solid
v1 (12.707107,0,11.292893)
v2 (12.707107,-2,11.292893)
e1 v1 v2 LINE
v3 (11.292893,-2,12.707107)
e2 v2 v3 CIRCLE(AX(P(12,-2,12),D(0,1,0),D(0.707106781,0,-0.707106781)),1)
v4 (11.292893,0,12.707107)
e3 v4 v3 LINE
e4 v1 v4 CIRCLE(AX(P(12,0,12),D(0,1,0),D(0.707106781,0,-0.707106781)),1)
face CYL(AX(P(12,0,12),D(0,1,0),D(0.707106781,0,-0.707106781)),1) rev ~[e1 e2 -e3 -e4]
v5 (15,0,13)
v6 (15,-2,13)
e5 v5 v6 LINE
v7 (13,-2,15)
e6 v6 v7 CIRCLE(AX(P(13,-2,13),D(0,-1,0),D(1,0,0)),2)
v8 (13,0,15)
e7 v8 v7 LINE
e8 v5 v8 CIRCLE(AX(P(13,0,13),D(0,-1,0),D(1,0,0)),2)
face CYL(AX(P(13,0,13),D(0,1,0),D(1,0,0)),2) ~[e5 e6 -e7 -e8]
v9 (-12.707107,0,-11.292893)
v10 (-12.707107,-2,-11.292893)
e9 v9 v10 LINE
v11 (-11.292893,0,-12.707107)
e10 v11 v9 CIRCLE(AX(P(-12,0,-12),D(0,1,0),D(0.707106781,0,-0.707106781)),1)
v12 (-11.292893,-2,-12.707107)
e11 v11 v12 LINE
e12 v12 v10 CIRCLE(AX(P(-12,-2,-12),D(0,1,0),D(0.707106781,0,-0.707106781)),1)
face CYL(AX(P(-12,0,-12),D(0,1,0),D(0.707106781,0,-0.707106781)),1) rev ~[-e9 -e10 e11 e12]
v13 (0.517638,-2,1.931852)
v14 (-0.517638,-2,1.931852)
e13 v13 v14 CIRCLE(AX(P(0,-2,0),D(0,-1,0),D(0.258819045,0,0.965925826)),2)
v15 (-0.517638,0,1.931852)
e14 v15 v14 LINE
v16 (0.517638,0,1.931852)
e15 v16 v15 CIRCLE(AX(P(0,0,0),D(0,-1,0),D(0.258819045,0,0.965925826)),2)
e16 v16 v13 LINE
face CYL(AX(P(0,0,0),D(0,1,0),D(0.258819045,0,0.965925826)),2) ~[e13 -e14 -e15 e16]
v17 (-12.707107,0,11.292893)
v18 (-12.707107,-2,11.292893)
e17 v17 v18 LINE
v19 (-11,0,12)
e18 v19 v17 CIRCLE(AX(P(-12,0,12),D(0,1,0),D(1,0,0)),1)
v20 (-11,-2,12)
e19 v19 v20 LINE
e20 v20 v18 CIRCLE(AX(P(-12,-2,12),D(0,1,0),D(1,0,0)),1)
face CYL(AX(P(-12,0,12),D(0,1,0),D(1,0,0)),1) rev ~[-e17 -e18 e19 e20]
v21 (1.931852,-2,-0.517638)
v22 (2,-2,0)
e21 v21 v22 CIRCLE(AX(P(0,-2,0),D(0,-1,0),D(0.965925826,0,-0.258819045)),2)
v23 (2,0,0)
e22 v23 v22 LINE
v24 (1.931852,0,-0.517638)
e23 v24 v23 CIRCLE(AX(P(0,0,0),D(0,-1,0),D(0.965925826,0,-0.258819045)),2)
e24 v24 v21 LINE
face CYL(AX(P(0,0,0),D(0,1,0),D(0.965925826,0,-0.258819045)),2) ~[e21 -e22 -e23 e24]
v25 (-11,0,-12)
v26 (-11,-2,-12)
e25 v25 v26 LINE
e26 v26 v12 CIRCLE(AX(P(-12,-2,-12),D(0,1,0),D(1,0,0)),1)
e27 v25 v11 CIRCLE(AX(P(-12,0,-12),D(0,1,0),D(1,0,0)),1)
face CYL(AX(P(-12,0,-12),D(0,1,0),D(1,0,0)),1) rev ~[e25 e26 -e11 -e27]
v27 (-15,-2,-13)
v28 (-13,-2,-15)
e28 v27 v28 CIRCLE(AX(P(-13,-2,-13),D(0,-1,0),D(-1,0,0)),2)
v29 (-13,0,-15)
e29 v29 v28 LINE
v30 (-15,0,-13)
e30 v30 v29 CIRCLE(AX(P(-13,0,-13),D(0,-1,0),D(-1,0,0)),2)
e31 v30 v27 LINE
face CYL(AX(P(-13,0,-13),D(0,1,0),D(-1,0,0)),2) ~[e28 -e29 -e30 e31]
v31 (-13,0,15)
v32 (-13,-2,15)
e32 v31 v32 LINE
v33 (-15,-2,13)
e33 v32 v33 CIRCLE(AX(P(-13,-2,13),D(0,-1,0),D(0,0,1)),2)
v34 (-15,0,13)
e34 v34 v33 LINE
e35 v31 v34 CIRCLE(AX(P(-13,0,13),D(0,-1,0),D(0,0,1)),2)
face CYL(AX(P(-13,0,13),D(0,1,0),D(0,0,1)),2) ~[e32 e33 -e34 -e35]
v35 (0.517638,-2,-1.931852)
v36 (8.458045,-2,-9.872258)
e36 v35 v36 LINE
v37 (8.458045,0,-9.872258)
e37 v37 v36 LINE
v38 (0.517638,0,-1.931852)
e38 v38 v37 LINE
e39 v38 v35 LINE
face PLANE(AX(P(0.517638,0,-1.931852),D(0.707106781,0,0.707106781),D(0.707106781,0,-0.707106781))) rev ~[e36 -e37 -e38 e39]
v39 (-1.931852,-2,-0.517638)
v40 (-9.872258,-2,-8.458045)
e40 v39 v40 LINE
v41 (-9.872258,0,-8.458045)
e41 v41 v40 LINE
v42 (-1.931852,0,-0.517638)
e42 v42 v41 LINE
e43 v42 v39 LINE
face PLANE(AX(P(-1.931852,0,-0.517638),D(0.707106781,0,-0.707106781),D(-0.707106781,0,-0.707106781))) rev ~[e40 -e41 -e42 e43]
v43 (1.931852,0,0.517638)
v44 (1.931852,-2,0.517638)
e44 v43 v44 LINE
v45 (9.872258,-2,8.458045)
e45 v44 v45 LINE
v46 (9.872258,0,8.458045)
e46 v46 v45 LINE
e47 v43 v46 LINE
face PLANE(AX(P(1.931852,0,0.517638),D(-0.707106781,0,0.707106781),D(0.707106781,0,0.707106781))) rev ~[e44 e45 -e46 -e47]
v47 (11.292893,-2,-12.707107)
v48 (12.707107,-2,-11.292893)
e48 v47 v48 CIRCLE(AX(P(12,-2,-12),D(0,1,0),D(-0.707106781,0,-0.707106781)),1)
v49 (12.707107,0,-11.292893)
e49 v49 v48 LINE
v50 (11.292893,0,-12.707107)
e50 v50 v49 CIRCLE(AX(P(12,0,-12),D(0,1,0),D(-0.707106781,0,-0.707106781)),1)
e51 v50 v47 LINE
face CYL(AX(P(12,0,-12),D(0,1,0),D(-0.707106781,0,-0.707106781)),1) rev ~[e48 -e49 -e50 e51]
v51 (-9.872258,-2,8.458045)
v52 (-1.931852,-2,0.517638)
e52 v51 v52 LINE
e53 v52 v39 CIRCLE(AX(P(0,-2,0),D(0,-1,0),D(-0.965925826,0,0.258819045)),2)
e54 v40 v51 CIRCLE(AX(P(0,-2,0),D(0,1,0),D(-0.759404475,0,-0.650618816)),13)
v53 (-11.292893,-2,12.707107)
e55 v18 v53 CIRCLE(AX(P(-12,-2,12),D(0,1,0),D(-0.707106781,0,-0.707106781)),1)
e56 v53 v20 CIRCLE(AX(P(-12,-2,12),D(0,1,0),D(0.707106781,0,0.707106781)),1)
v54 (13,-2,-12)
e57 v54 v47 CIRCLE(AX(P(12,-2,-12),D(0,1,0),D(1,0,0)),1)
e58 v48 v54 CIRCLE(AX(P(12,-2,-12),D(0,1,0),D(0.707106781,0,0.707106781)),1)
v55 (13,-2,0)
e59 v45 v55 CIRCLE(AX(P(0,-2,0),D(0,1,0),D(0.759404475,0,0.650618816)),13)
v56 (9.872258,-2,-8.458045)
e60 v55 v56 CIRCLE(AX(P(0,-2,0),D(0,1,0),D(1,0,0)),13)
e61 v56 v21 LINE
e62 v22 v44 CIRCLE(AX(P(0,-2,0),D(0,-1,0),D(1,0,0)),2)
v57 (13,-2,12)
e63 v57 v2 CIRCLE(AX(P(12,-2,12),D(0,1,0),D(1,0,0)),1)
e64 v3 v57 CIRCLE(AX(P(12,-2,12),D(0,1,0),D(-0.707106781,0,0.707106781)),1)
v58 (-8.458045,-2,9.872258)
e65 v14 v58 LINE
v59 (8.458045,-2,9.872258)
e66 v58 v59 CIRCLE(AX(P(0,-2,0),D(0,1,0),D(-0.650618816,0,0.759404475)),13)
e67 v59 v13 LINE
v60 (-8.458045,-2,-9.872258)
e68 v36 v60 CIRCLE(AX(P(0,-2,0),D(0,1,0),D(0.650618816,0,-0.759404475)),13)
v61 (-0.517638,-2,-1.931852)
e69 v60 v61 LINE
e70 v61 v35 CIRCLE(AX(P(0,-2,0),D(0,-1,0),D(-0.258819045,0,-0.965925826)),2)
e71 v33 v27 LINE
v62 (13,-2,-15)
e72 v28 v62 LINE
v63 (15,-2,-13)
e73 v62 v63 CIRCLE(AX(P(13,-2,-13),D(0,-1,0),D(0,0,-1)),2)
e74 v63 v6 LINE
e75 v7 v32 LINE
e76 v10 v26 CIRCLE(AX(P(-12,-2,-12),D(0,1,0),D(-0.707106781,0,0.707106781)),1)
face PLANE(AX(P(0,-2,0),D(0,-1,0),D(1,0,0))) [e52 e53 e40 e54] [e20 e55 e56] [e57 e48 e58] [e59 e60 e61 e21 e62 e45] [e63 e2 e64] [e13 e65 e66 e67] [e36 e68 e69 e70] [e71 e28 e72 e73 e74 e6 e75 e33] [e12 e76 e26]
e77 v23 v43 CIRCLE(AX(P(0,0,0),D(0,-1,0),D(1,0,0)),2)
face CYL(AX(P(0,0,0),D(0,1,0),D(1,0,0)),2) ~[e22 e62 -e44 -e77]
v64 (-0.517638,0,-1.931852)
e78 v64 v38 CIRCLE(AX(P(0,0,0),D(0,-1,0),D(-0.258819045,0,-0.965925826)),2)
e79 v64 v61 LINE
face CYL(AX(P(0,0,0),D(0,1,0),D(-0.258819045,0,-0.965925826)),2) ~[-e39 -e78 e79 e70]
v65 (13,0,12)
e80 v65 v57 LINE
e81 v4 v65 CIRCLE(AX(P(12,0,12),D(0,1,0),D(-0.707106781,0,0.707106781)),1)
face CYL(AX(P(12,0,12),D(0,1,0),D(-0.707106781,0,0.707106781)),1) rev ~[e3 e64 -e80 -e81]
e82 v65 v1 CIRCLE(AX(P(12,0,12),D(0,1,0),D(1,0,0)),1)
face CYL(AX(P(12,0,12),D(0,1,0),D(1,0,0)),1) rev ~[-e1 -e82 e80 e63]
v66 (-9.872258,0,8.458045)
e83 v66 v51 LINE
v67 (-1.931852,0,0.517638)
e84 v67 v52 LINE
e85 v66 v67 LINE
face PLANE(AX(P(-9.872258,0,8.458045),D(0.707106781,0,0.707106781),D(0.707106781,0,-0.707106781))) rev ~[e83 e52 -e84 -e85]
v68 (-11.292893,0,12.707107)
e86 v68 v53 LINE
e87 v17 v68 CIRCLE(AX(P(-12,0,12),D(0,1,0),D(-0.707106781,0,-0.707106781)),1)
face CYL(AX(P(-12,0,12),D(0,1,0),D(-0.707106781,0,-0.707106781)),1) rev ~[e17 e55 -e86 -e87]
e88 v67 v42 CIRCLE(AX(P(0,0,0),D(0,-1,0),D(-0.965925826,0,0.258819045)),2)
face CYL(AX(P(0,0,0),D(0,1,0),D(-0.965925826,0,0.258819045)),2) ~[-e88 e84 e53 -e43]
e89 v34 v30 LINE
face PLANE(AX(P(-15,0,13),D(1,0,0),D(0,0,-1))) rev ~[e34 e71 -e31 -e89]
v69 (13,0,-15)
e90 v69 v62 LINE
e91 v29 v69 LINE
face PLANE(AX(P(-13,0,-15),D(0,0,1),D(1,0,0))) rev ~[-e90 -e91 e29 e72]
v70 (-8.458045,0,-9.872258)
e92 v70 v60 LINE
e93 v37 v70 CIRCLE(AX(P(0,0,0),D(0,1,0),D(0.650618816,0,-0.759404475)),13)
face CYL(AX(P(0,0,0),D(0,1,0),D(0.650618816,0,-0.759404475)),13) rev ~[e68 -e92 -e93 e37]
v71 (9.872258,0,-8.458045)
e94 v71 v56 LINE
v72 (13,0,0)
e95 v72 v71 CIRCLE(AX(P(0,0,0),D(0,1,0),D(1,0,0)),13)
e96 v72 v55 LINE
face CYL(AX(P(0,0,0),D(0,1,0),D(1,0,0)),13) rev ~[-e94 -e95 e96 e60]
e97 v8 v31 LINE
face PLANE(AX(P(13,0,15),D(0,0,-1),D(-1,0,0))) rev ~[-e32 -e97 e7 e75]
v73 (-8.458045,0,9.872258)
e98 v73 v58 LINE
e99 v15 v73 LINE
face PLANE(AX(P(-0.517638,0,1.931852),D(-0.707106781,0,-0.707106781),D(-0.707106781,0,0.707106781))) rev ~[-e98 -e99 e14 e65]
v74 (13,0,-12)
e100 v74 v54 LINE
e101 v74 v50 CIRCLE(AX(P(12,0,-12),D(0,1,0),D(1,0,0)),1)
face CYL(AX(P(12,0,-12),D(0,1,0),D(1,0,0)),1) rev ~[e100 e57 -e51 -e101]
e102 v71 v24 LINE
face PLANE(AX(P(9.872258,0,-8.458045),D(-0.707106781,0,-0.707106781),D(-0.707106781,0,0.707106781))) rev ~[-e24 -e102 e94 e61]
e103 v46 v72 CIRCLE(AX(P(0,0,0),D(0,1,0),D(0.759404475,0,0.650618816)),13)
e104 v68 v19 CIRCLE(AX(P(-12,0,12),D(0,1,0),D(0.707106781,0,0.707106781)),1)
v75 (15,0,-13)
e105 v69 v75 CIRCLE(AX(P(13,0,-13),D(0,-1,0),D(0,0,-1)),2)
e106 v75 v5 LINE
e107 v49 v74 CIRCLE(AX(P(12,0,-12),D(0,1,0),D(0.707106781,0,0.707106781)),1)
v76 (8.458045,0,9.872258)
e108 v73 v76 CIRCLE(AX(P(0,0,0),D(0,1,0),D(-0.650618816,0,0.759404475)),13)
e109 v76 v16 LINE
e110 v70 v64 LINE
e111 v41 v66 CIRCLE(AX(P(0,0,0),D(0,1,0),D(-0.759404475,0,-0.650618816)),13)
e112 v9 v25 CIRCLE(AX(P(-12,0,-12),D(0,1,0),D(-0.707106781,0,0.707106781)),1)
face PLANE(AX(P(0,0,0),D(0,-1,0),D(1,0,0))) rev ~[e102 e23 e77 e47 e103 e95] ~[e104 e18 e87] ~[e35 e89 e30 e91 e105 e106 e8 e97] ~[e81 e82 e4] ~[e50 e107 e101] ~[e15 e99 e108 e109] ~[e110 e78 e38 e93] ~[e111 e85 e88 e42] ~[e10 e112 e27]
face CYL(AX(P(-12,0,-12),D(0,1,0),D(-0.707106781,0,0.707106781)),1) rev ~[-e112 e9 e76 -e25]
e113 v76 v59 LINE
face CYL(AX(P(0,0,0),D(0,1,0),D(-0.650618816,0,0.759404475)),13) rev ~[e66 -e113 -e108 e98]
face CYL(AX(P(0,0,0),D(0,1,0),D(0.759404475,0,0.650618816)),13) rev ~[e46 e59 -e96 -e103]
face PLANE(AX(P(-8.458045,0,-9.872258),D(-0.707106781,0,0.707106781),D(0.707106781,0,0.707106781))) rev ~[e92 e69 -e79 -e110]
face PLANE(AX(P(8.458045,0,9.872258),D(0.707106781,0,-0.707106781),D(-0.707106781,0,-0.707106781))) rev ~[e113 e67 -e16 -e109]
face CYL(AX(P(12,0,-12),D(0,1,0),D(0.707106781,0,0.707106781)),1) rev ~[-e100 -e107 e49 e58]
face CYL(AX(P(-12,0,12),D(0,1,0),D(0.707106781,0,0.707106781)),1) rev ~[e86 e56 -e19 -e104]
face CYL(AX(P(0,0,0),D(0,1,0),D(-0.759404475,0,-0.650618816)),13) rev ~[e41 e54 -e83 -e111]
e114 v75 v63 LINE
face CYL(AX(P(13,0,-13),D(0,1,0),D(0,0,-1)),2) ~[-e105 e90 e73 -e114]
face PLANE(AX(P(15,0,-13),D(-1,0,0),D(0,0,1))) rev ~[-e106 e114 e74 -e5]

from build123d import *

# Parameters (mm, degrees)
F1_DEPTH = 2


with BuildPart() as f1:
    # F0 (on Front) → F1 (new body)
    with BuildSketch(Plane.XZ):
        with BuildLine():
            Line((-13, -15), (13, -15))
            ThreePointArc((13, -15), (14.4142135624, -14.4142135624), (15, -13))
            Line((15, -13), (15, 13))
            ThreePointArc((15, 13), (14.4142135624, 14.4142135624), (13, 15))
            Line((13, 15), (-13, 15))
            ThreePointArc((-13, 15), (-14.4142135624, 14.4142135624), (-15, 13))
            Line((-15, 13), (-15, -13))
            ThreePointArc((-15, -13), (-14.4142135624, -14.4142135624), (-13, -15))
        make_face()
        with BuildLine():
            ThreePointArc((-12.7071067812, 11.2928932188), (-12.7071067812, 12.7071067812), (-11.2928932188, 12.7071067812))
            Line((-11.2928932188, 12.7071067812), (-8.4580446087, 9.8722581711))
            ThreePointArc((-8.4580446087, 9.8722581711), (0, 13), (8.4580446087, 9.8722581711))
            Line((8.4580446087, 9.8722581711), (11.2928932188, 12.7071067812))
            ThreePointArc((11.2928932188, 12.7071067812), (12.3826834324, 12.9238795325), (13, 12))
            ThreePointArc((13, 12), (12.9238795325, 11.6173165676), (12.7071067812, 11.2928932188))
            Line((12.7071067812, 11.2928932188), (9.8722581711, 8.4580446087))
            ThreePointArc((9.8722581711, 8.4580446087), (12.1930175966, 4.5089158218), (13, 0))
            ThreePointArc((13, 0), (12.1930175966, -4.5089158218), (9.8722581711, -8.4580446087))
            Line((9.8722581711, -8.4580446087), (12.7071067812, -11.2928932188))
            ThreePointArc((12.7071067812, -11.2928932188), (12.9238795325, -11.6173165676), (13, -12))
            ThreePointArc((13, -12), (12.3826834324, -12.9238795325), (11.2928932188, -12.7071067812))
            Line((11.2928932188, -12.7071067812), (8.4580446087, -9.8722581711))
            ThreePointArc((8.4580446087, -9.8722581711), (0, -13), (-8.4580446087, -9.8722581711))
            Line((-8.4580446087, -9.8722581711), (-11.2928932188, -12.7071067812))
            ThreePointArc((-11.2928932188, -12.7071067812), (-12.7071067812, -12.7071067812), (-12.7071067812, -11.2928932188))
            Line((-12.7071067812, -11.2928932188), (-9.8722581711, -8.4580446087))
            ThreePointArc((-9.8722581711, -8.4580446087), (-13, 0), (-9.8722581711, 8.4580446087))
            Line((-9.8722581711, 8.4580446087), (-12.7071067812, 11.2928932188))
        make_face(mode=Mode.SUBTRACT)
        with BuildLine():
            ThreePointArc((-11.2928932188, 12.7071067812), (-11.0761204675, 12.3826834324), (-11, 12))
            ThreePointArc((-11, 12), (-11.6173165676, 11.0761204675), (-12.7071067812, 11.2928932188))
            Line((-12.7071067812, 11.2928932188), (-9.8722581711, 8.4580446087))
            ThreePointArc((-9.8722581711, 8.4580446087), (-9.1923881554, 9.1923881554), (-8.4580446087, 9.8722581711))
            Line((-8.4580446087, 9.8722581711), (-11.2928932188, 12.7071067812))
        make_face()
        with BuildLine():
            Line((-0.5176380902, 1.9318516526), (-8.4580446087, 9.8722581711))
            ThreePointArc((-8.4580446087, 9.8722581711), (-9.1923881554, 9.1923881554), (-9.8722581711, 8.4580446087))
            Line((-9.8722581711, 8.4580446087), (-1.9318516526, 0.5176380902))
            ThreePointArc((-1.9318516526, 0.5176380902), (-1.4142135624, 1.4142135624), (-0.5176380902, 1.9318516526))
        make_face()
        with BuildLine():
            ThreePointArc((0.5176380902, 1.9318516526), (0, 2), (-0.5176380902, 1.9318516526))
            Line((-0.5176380902, 1.9318516526), (0, 1.4142135624))
            Line((0, 1.4142135624), (0.5176380902, 1.9318516526))
        make_face()
        with BuildLine():
            Line((1.9318516526, -0.5176380902), (1.4142135624, 0))
            Line((1.4142135624, 0), (0, -1.4142135624))
            Line((0, -1.4142135624), (0.5176380902, -1.9318516526))
            ThreePointArc((0.5176380902, -1.9318516526), (1.4142135624, -1.4142135624), (1.9318516526, -0.5176380902))
        make_face()
        with BuildLine():
            Line((0, 1.4142135624), (-0.5176380902, 1.9318516526))
            ThreePointArc((-0.5176380902, 1.9318516526), (-1.4142135624, 1.4142135624), (-1.9318516526, 0.5176380902))
            Line((-1.9318516526, 0.5176380902), (-1.4142135624, 0))
            Line((-1.4142135624, 0), (0, 1.4142135624))
        make_face()
        with BuildLine():
            ThreePointArc((9.8722581711, -8.4580446087), (9.1923881554, -9.1923881554), (8.4580446087, -9.8722581711))
            Line((8.4580446087, -9.8722581711), (11.2928932188, -12.7071067812))
            ThreePointArc((11.2928932188, -12.7071067812), (11.2928932188, -11.2928932188), (12.7071067812, -11.2928932188))
            Line((12.7071067812, -11.2928932188), (9.8722581711, -8.4580446087))
        make_face()
        with BuildLine():
            ThreePointArc((9.8722581711, 8.4580446087), (9.1923881554, 9.1923881554), (8.4580446087, 9.8722581711))
            Line((8.4580446087, 9.8722581711), (0.5176380902, 1.9318516526))
            ThreePointArc((0.5176380902, 1.9318516526), (1.4142135624, 1.4142135624), (1.9318516526, 0.5176380902))
            Line((1.9318516526, 0.5176380902), (9.8722581711, 8.4580446087))
        make_face()
        with BuildLine():
            ThreePointArc((2, 0), (1.9828897227, 0.2610523844), (1.9318516526, 0.5176380902))
            Line((1.9318516526, 0.5176380902), (1.4142135624, 0))
            Line((1.4142135624, 0), (1.9318516526, -0.5176380902))
            ThreePointArc((1.9318516526, -0.5176380902), (1.9828897227, -0.2610523844), (2, 0))
        make_face()
        with BuildLine():
            Line((-1.4142135624, 0), (-1.9318516526, 0.5176380902))
            ThreePointArc((-1.9318516526, 0.5176380902), (-2, 0), (-1.9318516526, -0.5176380902))
            Line((-1.9318516526, -0.5176380902), (-1.4142135624, 0))
        make_face()
        Polygon((1.4142135624, 0), (0, 1.4142135624), (-1.4142135624, 0), (0, -1.4142135624), align=None)
        with BuildLine():
            Line((-1.4142135624, 0), (-1.9318516526, -0.5176380902))
            ThreePointArc((-1.9318516526, -0.5176380902), (-1.4142135624, -1.4142135624), (-0.5176380902, -1.9318516526))
            Line((-0.5176380902, -1.9318516526), (0, -1.4142135624))
            Line((0, -1.4142135624), (-1.4142135624, 0))
        make_face()
        with BuildLine():
            ThreePointArc((-8.4580446087, -9.8722581711), (-9.1923881554, -9.1923881554), (-9.8722581711, -8.4580446087))
            Line((-9.8722581711, -8.4580446087), (-12.7071067812, -11.2928932188))
            ThreePointArc((-12.7071067812, -11.2928932188), (-11.6173165676, -11.0761204675), (-11, -12))
            ThreePointArc((-11, -12), (-11.0761204675, -12.3826834324), (-11.2928932188, -12.7071067812))
            Line((-11.2928932188, -12.7071067812), (-8.4580446087, -9.8722581711))
        make_face()
        with BuildLine():
            Line((11.2928932188, 12.7071067812), (8.4580446087, 9.8722581711))
            ThreePointArc((8.4580446087, 9.8722581711), (9.1923881554, 9.1923881554), (9.8722581711, 8.4580446087))
            Line((9.8722581711, 8.4580446087), (12.7071067812, 11.2928932188))
            ThreePointArc((12.7071067812, 11.2928932188), (11.2928932188, 11.2928932188), (11.2928932188, 12.7071067812))
        make_face()
        with BuildLine():
            Line((0, -1.4142135624), (-0.5176380902, -1.9318516526))
            ThreePointArc((-0.5176380902, -1.9318516526), (0, -2), (0.5176380902, -1.9318516526))
            Line((0.5176380902, -1.9318516526), (0, -1.4142135624))
        make_face()
        with BuildLine():
            ThreePointArc((1.9318516526, 0.5176380902), (1.4142135624, 1.4142135624), (0.5176380902, 1.9318516526))
            Line((0.5176380902, 1.9318516526), (0, 1.4142135624))
            Line((0, 1.4142135624), (1.4142135624, 0))
            Line((1.4142135624, 0), (1.9318516526, 0.5176380902))
        make_face()
        with BuildLine():
            Line((-1.9318516526, -0.5176380902), (-9.8722581711, -8.4580446087))
            ThreePointArc((-9.8722581711, -8.4580446087), (-9.1923881554, -9.1923881554), (-8.4580446087, -9.8722581711))
            Line((-8.4580446087, -9.8722581711), (-0.5176380902, -1.9318516526))
            ThreePointArc((-0.5176380902, -1.9318516526), (-1.4142135624, -1.4142135624), (-1.9318516526, -0.5176380902))
        make_face()
        with BuildLine():
            Line((0.5176380902, -1.9318516526), (8.4580446087, -9.8722581711))
            ThreePointArc((8.4580446087, -9.8722581711), (9.1923881554, -9.1923881554), (9.8722581711, -8.4580446087))
            Line((9.8722581711, -8.4580446087), (1.9318516526, -0.5176380902))
            ThreePointArc((1.9318516526, -0.5176380902), (1.4142135624, -1.4142135624), (0.5176380902, -1.9318516526))
        make_face()
    extrude(amount=F1_DEPTH)


solid = f1.part
